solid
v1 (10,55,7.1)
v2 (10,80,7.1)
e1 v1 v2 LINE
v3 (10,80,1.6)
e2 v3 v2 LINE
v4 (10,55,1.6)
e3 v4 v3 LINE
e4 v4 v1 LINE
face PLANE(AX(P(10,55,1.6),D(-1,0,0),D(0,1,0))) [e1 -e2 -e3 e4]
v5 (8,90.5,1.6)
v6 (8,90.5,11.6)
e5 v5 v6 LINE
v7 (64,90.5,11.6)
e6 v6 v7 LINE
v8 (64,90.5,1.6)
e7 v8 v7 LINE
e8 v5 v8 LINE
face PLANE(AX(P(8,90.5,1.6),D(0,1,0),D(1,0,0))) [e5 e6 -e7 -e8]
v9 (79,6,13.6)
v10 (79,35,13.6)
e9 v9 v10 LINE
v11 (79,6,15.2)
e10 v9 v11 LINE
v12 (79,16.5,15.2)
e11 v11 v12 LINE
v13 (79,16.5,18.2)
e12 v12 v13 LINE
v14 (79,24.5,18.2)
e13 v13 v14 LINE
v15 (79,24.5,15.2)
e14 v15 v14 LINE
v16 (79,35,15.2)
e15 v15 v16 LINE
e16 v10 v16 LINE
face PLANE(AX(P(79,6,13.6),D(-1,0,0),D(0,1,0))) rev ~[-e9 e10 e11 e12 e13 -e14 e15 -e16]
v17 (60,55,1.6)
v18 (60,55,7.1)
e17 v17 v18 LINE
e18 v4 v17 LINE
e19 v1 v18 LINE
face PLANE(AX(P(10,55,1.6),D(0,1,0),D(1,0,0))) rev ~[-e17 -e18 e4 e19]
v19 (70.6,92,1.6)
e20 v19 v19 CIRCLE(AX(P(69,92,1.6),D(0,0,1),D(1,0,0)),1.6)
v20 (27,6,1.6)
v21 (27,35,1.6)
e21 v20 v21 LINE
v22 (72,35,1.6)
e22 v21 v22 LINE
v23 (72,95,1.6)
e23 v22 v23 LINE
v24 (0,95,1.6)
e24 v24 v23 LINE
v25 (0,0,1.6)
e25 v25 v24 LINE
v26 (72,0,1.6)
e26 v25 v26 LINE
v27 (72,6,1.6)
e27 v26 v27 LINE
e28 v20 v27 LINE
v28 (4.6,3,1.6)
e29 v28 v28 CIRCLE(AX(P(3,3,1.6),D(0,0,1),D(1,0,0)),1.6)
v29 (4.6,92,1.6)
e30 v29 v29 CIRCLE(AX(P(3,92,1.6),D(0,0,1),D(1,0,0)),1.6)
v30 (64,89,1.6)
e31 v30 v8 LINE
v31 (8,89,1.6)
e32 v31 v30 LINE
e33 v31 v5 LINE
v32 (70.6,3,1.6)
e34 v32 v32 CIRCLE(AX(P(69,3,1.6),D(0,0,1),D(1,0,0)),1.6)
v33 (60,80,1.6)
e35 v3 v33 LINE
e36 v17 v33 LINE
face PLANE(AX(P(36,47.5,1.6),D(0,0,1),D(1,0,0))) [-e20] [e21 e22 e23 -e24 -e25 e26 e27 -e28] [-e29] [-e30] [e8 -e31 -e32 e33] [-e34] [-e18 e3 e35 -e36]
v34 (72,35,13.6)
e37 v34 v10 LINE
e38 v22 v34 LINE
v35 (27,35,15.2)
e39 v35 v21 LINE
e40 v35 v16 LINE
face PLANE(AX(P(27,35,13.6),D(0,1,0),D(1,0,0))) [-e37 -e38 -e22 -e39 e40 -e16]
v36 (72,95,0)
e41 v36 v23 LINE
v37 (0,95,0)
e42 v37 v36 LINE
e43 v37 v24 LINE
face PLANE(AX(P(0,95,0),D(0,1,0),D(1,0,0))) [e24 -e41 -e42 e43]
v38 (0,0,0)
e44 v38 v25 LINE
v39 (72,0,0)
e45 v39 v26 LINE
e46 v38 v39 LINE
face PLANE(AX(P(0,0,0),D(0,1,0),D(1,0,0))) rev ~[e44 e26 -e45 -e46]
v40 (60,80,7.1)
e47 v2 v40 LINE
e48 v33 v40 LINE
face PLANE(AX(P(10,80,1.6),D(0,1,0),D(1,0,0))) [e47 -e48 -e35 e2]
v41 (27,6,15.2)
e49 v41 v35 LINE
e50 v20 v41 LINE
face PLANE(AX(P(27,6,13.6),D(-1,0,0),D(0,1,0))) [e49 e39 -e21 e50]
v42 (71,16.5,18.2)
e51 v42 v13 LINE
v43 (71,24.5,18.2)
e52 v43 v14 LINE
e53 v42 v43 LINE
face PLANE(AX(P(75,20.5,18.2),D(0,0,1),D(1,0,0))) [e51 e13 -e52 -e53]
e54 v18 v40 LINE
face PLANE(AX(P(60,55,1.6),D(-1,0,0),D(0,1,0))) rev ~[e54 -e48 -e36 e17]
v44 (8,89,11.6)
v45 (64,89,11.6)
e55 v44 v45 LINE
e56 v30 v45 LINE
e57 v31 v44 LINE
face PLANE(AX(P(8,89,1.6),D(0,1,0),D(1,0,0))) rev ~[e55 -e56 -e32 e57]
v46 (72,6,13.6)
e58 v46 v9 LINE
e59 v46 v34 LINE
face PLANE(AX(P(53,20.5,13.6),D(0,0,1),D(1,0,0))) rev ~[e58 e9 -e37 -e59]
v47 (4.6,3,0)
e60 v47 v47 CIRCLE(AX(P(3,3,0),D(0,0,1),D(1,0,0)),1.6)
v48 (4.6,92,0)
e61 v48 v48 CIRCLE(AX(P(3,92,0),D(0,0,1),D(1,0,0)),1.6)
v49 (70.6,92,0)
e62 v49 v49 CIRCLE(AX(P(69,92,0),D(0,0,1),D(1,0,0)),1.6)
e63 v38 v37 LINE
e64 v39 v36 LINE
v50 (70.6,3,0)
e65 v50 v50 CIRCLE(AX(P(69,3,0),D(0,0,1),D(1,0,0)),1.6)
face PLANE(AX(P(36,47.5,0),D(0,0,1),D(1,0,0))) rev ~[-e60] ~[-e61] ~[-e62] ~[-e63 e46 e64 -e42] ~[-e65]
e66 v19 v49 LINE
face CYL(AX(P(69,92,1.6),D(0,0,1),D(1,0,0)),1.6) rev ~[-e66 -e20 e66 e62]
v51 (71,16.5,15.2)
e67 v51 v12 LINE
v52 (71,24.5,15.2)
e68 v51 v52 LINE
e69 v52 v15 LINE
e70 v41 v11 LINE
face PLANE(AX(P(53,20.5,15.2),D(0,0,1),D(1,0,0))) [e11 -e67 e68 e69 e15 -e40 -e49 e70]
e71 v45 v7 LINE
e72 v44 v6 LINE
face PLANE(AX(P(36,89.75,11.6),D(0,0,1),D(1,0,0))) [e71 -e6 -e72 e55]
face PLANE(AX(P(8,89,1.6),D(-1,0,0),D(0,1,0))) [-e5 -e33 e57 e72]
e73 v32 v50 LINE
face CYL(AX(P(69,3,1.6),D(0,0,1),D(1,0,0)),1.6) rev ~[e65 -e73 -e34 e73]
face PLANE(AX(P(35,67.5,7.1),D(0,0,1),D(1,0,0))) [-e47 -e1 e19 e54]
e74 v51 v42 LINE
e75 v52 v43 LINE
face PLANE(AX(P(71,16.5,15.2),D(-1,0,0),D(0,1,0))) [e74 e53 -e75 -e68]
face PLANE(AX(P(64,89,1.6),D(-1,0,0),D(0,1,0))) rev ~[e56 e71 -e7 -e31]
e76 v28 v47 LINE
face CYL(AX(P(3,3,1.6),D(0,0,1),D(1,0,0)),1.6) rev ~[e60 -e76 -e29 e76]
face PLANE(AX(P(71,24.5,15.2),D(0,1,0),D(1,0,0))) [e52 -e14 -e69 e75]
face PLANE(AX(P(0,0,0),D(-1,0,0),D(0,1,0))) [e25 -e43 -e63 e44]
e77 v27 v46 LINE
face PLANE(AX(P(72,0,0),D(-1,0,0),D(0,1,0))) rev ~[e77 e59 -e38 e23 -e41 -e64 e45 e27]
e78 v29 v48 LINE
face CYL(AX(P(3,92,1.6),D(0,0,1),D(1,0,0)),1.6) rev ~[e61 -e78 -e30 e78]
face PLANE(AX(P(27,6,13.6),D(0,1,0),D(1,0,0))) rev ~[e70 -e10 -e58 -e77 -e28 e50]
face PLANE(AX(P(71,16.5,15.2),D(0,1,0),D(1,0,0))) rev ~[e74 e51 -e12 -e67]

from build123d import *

# Parameters (mm, degrees)
SKETCH_W     = 72
SKETCH_H     = 95
PAD_DEPTH    = 1.6
SKETCH001_R  = 1.6
POCKET_DEPTH = 1.601
SKETCH006_W  = 45
SKETCH006_H  = 29
PAD004_DEPTH = 12
SKETCH005_W  = 52
SKETCH005_H  = 29
PAD005_DEPTH = 1.6
SKETCH011_W  = 8
SKETCH011_H  = 8
PAD008_DEPTH = 3
SKETCH013_W  = 56
SKETCH013_H  = 1.5
PAD010_DEPTH = 10
SKETCH014_W  = 50
SKETCH014_H  = 25
PAD011_DEPTH = 5.5


with BuildPart() as part:
    # Sketch → Pad (new body)
    with BuildSketch(Plane.XY):
        with Locations((36, 47.5)):
            Rectangle(SKETCH_W, SKETCH_H)
    extrude(amount=PAD_DEPTH)

    # Sketch001 (on Face6 of Pad) → Pocket (cut, through all)
    with BuildSketch(Plane.XY.offset(1.6)):
        with Locations((3, 3)):
            Circle(SKETCH001_R)
        with Locations((69, 3)):
            Circle(SKETCH001_R)
        with Locations((69, 92)):
            Circle(SKETCH001_R)
        with Locations((3, 92)):
            Circle(SKETCH001_R)
    extrude(amount=-POCKET_DEPTH, mode=Mode.SUBTRACT)

    # Sketch006 (on Face5 of Pocket) → Pad004 (join)
    with BuildSketch(Plane.XY.offset(1.6)):
        with Locations((49.5, 20.5)):
            Rectangle(SKETCH006_W, SKETCH006_H)
    extrude(amount=PAD004_DEPTH)

    # Sketch005 (on Face5 of Pocket) → Pad005 (join)
    with BuildSketch(Plane.XY.offset(13.6)):
        with Locations((53, 20.5)):
            Rectangle(SKETCH005_W, SKETCH005_H)
    extrude(amount=PAD005_DEPTH)

    # Sketch011 (on Face20 of Pad005) → Pad008 (join)
    with BuildSketch(Plane.XY.offset(15.2)):
        with Locations((75, 20.5)):
            Rectangle(SKETCH011_W, SKETCH011_H)
    extrude(amount=PAD008_DEPTH)

    # Sketch013 (on Face5 of Pad008) → Pad010 (join)
    with BuildSketch(Plane.XY.offset(1.6)):
        with Locations((36, 89.75)):
            Rectangle(SKETCH013_W, SKETCH013_H)
    extrude(amount=PAD010_DEPTH)

    # Sketch014 (on Face5 of Pad010) → Pad011 (join)
    with BuildSketch(Plane.XY.offset(1.6)):
        with Locations((35, 67.5)):
            Rectangle(SKETCH014_W, SKETCH014_H)
    extrude(amount=PAD011_DEPTH)


solid = part.part
